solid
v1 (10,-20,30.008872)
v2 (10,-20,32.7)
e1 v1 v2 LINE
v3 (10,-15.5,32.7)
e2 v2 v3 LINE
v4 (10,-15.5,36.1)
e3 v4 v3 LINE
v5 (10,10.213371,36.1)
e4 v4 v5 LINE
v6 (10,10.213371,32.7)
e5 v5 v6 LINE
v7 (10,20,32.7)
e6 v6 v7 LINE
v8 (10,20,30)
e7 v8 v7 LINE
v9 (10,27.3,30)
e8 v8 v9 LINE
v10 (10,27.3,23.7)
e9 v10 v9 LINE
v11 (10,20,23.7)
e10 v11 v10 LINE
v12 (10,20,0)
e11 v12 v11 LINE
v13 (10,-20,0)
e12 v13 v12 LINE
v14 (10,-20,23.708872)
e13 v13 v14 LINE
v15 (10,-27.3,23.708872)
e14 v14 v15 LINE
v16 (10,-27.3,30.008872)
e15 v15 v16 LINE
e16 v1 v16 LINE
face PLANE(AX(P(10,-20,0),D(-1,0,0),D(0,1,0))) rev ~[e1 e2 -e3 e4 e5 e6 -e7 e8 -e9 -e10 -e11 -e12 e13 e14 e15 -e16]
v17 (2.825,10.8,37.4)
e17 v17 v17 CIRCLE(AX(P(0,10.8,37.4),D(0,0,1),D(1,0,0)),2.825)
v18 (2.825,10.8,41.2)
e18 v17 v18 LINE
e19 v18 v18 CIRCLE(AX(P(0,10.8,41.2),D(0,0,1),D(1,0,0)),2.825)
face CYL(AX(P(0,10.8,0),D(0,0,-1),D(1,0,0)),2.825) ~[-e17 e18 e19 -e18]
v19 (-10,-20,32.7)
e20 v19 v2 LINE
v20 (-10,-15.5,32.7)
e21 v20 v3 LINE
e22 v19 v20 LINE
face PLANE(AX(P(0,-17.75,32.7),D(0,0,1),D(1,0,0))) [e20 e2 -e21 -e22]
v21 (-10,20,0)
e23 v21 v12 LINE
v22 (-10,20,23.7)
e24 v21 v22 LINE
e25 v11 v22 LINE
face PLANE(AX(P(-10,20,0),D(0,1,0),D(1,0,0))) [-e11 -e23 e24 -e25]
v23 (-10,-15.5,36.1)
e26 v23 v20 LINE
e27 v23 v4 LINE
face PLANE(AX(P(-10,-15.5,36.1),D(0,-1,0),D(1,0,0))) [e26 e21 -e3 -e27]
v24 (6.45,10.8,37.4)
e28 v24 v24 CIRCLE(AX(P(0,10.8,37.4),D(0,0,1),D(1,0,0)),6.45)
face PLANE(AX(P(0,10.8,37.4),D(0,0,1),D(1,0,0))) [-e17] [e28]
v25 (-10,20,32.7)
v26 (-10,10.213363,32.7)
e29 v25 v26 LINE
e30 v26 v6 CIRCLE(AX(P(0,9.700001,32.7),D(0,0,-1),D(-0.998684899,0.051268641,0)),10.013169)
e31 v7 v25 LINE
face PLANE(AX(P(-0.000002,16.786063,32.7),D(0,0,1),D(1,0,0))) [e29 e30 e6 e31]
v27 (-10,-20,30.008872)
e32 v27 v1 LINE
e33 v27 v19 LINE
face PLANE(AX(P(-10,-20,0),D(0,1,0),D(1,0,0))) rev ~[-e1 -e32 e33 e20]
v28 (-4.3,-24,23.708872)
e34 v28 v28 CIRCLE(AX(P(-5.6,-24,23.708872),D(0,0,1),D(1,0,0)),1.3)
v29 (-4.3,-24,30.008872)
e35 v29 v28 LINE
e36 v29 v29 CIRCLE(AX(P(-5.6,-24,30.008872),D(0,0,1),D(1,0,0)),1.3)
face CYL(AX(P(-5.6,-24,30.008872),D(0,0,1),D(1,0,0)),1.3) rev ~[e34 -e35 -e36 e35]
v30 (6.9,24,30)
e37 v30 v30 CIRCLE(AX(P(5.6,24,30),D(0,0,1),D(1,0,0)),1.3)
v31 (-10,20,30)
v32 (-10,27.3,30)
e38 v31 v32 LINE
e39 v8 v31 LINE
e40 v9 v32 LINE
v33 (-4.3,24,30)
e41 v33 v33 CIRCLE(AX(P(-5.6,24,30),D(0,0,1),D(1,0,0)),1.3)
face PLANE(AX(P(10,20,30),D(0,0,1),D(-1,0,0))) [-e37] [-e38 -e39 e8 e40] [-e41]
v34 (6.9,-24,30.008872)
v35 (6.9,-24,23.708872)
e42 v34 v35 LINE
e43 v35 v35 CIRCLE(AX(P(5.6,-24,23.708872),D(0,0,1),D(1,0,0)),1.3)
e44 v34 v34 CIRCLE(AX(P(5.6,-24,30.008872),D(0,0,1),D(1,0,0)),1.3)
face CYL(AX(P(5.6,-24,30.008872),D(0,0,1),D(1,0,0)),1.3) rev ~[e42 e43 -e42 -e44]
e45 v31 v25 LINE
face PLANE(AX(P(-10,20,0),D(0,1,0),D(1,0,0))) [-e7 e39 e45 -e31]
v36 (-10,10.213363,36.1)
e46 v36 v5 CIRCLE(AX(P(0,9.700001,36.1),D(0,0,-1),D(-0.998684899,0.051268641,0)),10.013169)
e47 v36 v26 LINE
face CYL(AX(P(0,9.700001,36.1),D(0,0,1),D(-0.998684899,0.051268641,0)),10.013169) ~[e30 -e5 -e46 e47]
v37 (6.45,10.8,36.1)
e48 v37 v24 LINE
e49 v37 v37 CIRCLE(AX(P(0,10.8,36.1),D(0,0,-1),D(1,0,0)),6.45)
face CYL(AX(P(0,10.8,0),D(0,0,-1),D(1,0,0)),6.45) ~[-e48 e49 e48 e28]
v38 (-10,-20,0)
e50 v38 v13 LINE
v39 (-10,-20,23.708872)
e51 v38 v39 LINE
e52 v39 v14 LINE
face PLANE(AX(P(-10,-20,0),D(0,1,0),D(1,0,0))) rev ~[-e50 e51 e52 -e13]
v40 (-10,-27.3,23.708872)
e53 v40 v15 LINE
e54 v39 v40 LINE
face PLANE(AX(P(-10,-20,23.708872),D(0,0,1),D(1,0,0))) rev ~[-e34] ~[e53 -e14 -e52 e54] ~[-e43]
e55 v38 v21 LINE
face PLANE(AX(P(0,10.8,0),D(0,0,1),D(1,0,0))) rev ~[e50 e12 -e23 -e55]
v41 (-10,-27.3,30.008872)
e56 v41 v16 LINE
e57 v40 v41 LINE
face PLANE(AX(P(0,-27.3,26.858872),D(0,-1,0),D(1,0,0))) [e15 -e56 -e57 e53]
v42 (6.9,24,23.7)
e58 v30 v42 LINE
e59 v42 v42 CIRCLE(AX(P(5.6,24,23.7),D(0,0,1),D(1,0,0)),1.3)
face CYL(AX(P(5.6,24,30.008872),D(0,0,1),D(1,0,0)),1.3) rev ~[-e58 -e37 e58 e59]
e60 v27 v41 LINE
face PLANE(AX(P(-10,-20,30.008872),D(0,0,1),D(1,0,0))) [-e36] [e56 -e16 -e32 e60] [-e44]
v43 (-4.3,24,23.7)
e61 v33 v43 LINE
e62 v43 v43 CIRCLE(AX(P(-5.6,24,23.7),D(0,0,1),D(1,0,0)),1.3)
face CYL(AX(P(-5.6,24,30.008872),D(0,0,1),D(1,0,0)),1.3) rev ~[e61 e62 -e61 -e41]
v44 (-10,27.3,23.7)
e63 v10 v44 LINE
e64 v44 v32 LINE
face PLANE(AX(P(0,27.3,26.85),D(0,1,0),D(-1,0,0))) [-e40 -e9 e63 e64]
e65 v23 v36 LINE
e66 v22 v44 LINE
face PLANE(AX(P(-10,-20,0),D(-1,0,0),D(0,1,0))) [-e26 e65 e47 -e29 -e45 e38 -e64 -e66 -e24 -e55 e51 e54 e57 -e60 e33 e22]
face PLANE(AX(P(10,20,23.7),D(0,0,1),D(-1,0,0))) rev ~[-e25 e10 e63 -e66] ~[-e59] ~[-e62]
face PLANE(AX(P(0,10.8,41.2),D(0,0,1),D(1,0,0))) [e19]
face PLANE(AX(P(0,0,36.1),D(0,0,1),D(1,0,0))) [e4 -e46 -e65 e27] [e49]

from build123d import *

# Parameters (mm, degrees)
F0_W      = 20
F0_H      = 40
F0_R      = 6.45
F0_R_2    = 2.825
F1_DEPTH  = 36.1
F2_W      = 20
F2_H      = 6.3
F3_DEPTH  = 7.3
F4_W      = 20
F4_H      = 6.3
F5_DEPTH  = 7.3
F6_DEPTH  = 41.2
F7_DEPTH  = 37.4
F9_W      = 20
F9_H      = 4.5
F10_DEPTH = 3.4
F8_R      = 1.3
F11_DEPTH = 8


with BuildPart() as f1:
    # F0 (on Top) → F1 (new body)
    with BuildSketch(Plane.XY):
        Rectangle(F0_W, F0_H)
        with Locations((0, 10.8)):
            Circle(F0_R, mode=Mode.SUBTRACT)
        with Locations((0, 10.8)):
            Circle(F0_R)
        with Locations((0, 10.8)):
            Circle(F0_R_2, mode=Mode.SUBTRACT)
        with Locations((0, 10.8)):
            Circle(F0_R_2)
    extrude(amount=F1_DEPTH)

    # F2 (on face) → F3 (join)
    with BuildSketch(Plane(origin=(0, 20, 0), x_dir=(-1, 0, 0), z_dir=(0, 1, 0))):
        with Locations((0, 26.85)):
            Rectangle(F2_W, F2_H)
    extrude(amount=F3_DEPTH)

    # F4 (on face) → F5 (join)
    with BuildSketch(Plane.XZ.offset(20)):
        with Locations((0, 26.858872)):
            Rectangle(F4_W, F4_H)
    extrude(amount=F5_DEPTH)

    # F0 (on Top) → F6 (join)
    with BuildSketch(Plane.XY):
        with Locations((0, 10.8)):
            Circle(F0_R_2)
    extrude(amount=F6_DEPTH)

    # F0 (on Top) → F7 (join)
    with BuildSketch(Plane.XY):
        with Locations((0, 10.8)):
            Circle(F0_R)
        with Locations((0, 10.8)):
            Circle(F0_R_2, mode=Mode.SUBTRACT)
    extrude(amount=F7_DEPTH)

    # F9 (on face) → F10 (cut)
    with BuildSketch(Plane.XY.offset(36.1)):
        with BuildLine():
            Line((-10, 20), (-10, 10.213363))
            ThreePointArc((-10, 10.213363), (-4e-06, 19.71317), (10, 10.213371))
            Line((10, 10.213371), (10, 20))
            Line((10, 20), (-10, 20))
        make_face()
        with Locations((0, -17.75)):
            Rectangle(F9_W, F9_H)
    extrude(amount=-F10_DEPTH, mode=Mode.SUBTRACT)

    # F8 (on face) → F11 (cut)
    with BuildSketch(Plane.XY.offset(30.008872)):
        with Locations((5.6, -24)):
            Circle(F8_R)
        with Locations((-5.6, -24)):
            Circle(F8_R)
        with Locations((5.6, 24)):
            Circle(F8_R)
        with Locations((-5.6, 24)):
            Circle(F8_R)
    extrude(amount=-F11_DEPTH, mode=Mode.SUBTRACT)


solid = f1.part
